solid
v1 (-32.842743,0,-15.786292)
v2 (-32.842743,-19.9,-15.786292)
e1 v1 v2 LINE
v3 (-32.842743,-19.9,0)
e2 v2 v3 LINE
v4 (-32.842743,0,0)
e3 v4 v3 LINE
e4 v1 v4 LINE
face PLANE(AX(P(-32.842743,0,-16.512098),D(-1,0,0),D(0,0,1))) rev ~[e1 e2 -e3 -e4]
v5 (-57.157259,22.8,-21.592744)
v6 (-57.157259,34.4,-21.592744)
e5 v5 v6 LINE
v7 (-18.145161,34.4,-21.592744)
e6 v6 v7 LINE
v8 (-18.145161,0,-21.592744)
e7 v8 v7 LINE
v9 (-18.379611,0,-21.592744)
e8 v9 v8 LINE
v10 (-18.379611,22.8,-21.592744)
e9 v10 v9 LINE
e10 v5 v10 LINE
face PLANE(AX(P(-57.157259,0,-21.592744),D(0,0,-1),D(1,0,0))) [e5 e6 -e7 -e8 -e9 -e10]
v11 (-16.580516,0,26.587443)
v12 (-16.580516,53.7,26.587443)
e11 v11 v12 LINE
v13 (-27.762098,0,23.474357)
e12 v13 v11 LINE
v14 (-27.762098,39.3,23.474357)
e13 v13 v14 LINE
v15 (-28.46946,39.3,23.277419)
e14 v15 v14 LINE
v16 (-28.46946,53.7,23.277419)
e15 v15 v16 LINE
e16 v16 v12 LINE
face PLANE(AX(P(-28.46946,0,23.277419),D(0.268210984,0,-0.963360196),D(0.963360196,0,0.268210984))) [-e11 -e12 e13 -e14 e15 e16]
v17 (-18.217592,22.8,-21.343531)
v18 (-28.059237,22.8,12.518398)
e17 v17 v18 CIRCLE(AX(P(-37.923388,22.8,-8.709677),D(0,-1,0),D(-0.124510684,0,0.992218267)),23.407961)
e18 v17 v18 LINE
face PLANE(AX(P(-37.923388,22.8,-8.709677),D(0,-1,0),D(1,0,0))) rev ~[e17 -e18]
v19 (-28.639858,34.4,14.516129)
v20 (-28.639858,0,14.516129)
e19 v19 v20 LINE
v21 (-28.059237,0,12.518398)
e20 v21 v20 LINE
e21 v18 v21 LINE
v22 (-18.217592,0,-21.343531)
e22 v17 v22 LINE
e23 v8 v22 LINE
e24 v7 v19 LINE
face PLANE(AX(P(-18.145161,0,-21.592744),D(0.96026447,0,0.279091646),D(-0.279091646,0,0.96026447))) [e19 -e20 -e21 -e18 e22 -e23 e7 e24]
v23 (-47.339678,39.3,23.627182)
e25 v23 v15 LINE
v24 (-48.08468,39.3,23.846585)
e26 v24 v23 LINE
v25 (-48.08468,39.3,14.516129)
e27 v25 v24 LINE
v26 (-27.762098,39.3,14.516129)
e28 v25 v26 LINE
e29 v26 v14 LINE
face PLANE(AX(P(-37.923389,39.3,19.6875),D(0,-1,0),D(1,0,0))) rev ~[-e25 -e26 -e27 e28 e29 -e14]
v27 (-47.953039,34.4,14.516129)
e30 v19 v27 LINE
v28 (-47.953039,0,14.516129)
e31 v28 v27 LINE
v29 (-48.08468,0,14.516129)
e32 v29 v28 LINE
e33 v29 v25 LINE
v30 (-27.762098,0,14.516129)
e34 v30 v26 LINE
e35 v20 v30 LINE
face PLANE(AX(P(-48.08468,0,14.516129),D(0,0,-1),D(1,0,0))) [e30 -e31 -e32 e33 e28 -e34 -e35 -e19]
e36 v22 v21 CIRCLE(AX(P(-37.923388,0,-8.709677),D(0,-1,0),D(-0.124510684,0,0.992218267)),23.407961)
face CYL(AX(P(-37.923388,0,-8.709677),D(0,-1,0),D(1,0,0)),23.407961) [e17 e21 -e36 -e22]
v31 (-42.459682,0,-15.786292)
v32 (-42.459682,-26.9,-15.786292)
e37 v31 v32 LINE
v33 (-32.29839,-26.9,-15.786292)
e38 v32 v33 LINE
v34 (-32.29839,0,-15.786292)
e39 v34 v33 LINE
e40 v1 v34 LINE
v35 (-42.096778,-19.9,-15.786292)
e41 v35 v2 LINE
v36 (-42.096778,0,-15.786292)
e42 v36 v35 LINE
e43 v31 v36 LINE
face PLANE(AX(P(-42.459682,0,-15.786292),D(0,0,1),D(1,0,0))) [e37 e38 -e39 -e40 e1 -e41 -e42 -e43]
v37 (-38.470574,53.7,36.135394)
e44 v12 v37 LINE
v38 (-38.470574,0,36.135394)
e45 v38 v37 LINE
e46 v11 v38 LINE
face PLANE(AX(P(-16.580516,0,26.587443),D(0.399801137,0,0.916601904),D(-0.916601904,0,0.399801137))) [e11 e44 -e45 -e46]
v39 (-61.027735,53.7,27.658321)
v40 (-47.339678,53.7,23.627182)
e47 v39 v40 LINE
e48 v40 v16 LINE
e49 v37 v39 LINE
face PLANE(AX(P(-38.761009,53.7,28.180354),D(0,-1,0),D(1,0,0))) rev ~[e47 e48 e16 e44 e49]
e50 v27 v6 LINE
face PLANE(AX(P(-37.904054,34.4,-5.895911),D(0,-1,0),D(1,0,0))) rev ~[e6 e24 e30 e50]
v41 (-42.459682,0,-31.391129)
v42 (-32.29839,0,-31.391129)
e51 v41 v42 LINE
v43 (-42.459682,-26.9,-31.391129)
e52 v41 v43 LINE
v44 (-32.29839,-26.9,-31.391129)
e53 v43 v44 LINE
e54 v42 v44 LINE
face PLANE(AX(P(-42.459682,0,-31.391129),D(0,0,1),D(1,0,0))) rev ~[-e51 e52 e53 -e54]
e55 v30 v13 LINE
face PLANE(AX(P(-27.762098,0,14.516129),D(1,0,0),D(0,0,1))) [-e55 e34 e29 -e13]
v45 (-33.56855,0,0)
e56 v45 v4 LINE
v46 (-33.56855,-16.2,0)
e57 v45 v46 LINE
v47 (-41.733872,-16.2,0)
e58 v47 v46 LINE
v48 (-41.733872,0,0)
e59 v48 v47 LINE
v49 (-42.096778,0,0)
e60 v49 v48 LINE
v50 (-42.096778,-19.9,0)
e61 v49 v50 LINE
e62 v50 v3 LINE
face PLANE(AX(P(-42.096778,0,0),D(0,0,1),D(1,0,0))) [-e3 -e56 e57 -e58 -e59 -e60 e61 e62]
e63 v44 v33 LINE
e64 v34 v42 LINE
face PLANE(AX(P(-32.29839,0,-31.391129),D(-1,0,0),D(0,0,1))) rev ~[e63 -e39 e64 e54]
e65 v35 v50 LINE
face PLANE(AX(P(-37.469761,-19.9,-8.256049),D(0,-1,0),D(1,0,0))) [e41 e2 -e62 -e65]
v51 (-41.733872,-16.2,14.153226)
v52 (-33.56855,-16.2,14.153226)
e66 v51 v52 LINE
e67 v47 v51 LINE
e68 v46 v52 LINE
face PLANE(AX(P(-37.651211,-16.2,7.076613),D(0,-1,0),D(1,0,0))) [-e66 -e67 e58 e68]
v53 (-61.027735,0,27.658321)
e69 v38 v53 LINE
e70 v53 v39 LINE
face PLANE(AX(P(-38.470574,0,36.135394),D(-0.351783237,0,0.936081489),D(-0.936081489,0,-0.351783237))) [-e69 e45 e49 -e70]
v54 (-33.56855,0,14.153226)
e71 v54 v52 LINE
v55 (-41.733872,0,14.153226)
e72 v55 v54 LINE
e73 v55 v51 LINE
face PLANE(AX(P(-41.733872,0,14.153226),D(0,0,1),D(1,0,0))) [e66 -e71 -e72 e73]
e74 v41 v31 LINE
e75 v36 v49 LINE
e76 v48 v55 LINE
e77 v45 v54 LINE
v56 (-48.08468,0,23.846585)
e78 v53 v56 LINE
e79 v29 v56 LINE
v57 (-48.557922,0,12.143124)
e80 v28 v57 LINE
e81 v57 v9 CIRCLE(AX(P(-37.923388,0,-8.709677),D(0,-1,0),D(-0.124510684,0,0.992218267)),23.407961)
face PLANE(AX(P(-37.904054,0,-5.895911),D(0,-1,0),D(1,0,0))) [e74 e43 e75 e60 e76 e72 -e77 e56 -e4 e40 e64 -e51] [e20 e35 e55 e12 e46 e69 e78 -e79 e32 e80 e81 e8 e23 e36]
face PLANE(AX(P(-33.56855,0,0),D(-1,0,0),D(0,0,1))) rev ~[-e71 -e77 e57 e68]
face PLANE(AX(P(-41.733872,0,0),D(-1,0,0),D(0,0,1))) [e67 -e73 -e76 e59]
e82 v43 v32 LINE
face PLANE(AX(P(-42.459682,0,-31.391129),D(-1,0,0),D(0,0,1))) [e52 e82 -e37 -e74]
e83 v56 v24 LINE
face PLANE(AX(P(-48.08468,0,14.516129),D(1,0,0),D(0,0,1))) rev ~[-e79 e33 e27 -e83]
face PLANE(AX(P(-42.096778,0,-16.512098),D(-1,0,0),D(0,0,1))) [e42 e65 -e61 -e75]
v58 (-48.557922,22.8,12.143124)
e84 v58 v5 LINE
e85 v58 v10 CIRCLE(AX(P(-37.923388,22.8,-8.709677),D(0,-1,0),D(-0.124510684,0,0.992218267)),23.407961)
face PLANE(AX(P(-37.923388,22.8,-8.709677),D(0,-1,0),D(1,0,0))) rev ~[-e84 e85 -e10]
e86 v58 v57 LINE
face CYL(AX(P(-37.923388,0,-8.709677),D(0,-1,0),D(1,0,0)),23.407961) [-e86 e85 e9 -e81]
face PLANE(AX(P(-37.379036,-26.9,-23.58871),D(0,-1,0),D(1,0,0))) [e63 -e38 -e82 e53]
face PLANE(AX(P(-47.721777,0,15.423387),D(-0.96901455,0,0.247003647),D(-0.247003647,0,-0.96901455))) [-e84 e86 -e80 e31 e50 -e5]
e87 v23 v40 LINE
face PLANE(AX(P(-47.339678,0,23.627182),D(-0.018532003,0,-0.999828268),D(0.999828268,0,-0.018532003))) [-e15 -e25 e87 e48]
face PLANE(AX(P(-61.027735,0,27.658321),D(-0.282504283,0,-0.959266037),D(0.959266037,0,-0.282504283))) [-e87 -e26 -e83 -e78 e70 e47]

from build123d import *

# Parameters (mm, degrees)
F0_W      = 10.161292
F0_H      = 15.604837
F1_DEPTH  = 26.9
F2_W      = 9.254035
F2_H      = 16.512098
F3_DEPTH  = 19.9
F4_W      = 8.165322
F4_H      = 14.153226
F5_DEPTH  = 16.2
F6_R      = 23.407961
F7_DEPTH  = 22.8
F8_W      = 20.322582
F8_H      = 10.342741
F9_DEPTH  = 39.3
F11_DEPTH = 53.7
F13_DEPTH = 34.4


with BuildPart() as f1:
    # F0 (on Front) → F1 (new body)
    with BuildSketch(Plane.XZ):
        with Locations((-37.379036, -23.58871)):
            Rectangle(F0_W, F0_H)
    extrude(amount=F1_DEPTH)

    # F2 (on Front) → F3 (join)
    with BuildSketch(Plane.XZ):
        with Locations((-37.469761, -8.256049)):
            Rectangle(F2_W, F2_H)
    extrude(amount=F3_DEPTH)

    # F4 (on Front) → F5 (join)
    with BuildSketch(Plane.XZ):
        with Locations((-37.651211, 7.076613)):
            Rectangle(F4_W, F4_H)
    extrude(amount=F5_DEPTH)

    # F6 (on Front) → F7 (join)
    with BuildSketch(Plane.XZ):
        with Locations((-37.923388, -8.709677)):
            Circle(F6_R)
    extrude(amount=-F7_DEPTH)

    # F8 (on Front) → F9 (join)
    with BuildSketch(Plane.XZ):
        with Locations((-37.923389, 19.6875)):
            Rectangle(F8_W, F8_H)
    extrude(amount=-F9_DEPTH)

    # F10 (on Front) → F11 (join)
    with BuildSketch(Plane.XZ):
        Polygon((-61.027735, 27.658321), (-47.339678, 23.627182), (-28.46946, 23.277419), (-16.580516, 26.587443), (-38.470574, 36.135394), align=None)
    extrude(amount=-F11_DEPTH)

    # F12 (on Front) → F13 (join)
    with BuildSketch(Plane.XZ):
        Polygon((-18.145161, -21.592744), (-28.850807, 15.241936), (-47.721777, 15.423387), (-57.157259, -21.592744), align=None)
    extrude(amount=-F13_DEPTH)


solid = f1.part
